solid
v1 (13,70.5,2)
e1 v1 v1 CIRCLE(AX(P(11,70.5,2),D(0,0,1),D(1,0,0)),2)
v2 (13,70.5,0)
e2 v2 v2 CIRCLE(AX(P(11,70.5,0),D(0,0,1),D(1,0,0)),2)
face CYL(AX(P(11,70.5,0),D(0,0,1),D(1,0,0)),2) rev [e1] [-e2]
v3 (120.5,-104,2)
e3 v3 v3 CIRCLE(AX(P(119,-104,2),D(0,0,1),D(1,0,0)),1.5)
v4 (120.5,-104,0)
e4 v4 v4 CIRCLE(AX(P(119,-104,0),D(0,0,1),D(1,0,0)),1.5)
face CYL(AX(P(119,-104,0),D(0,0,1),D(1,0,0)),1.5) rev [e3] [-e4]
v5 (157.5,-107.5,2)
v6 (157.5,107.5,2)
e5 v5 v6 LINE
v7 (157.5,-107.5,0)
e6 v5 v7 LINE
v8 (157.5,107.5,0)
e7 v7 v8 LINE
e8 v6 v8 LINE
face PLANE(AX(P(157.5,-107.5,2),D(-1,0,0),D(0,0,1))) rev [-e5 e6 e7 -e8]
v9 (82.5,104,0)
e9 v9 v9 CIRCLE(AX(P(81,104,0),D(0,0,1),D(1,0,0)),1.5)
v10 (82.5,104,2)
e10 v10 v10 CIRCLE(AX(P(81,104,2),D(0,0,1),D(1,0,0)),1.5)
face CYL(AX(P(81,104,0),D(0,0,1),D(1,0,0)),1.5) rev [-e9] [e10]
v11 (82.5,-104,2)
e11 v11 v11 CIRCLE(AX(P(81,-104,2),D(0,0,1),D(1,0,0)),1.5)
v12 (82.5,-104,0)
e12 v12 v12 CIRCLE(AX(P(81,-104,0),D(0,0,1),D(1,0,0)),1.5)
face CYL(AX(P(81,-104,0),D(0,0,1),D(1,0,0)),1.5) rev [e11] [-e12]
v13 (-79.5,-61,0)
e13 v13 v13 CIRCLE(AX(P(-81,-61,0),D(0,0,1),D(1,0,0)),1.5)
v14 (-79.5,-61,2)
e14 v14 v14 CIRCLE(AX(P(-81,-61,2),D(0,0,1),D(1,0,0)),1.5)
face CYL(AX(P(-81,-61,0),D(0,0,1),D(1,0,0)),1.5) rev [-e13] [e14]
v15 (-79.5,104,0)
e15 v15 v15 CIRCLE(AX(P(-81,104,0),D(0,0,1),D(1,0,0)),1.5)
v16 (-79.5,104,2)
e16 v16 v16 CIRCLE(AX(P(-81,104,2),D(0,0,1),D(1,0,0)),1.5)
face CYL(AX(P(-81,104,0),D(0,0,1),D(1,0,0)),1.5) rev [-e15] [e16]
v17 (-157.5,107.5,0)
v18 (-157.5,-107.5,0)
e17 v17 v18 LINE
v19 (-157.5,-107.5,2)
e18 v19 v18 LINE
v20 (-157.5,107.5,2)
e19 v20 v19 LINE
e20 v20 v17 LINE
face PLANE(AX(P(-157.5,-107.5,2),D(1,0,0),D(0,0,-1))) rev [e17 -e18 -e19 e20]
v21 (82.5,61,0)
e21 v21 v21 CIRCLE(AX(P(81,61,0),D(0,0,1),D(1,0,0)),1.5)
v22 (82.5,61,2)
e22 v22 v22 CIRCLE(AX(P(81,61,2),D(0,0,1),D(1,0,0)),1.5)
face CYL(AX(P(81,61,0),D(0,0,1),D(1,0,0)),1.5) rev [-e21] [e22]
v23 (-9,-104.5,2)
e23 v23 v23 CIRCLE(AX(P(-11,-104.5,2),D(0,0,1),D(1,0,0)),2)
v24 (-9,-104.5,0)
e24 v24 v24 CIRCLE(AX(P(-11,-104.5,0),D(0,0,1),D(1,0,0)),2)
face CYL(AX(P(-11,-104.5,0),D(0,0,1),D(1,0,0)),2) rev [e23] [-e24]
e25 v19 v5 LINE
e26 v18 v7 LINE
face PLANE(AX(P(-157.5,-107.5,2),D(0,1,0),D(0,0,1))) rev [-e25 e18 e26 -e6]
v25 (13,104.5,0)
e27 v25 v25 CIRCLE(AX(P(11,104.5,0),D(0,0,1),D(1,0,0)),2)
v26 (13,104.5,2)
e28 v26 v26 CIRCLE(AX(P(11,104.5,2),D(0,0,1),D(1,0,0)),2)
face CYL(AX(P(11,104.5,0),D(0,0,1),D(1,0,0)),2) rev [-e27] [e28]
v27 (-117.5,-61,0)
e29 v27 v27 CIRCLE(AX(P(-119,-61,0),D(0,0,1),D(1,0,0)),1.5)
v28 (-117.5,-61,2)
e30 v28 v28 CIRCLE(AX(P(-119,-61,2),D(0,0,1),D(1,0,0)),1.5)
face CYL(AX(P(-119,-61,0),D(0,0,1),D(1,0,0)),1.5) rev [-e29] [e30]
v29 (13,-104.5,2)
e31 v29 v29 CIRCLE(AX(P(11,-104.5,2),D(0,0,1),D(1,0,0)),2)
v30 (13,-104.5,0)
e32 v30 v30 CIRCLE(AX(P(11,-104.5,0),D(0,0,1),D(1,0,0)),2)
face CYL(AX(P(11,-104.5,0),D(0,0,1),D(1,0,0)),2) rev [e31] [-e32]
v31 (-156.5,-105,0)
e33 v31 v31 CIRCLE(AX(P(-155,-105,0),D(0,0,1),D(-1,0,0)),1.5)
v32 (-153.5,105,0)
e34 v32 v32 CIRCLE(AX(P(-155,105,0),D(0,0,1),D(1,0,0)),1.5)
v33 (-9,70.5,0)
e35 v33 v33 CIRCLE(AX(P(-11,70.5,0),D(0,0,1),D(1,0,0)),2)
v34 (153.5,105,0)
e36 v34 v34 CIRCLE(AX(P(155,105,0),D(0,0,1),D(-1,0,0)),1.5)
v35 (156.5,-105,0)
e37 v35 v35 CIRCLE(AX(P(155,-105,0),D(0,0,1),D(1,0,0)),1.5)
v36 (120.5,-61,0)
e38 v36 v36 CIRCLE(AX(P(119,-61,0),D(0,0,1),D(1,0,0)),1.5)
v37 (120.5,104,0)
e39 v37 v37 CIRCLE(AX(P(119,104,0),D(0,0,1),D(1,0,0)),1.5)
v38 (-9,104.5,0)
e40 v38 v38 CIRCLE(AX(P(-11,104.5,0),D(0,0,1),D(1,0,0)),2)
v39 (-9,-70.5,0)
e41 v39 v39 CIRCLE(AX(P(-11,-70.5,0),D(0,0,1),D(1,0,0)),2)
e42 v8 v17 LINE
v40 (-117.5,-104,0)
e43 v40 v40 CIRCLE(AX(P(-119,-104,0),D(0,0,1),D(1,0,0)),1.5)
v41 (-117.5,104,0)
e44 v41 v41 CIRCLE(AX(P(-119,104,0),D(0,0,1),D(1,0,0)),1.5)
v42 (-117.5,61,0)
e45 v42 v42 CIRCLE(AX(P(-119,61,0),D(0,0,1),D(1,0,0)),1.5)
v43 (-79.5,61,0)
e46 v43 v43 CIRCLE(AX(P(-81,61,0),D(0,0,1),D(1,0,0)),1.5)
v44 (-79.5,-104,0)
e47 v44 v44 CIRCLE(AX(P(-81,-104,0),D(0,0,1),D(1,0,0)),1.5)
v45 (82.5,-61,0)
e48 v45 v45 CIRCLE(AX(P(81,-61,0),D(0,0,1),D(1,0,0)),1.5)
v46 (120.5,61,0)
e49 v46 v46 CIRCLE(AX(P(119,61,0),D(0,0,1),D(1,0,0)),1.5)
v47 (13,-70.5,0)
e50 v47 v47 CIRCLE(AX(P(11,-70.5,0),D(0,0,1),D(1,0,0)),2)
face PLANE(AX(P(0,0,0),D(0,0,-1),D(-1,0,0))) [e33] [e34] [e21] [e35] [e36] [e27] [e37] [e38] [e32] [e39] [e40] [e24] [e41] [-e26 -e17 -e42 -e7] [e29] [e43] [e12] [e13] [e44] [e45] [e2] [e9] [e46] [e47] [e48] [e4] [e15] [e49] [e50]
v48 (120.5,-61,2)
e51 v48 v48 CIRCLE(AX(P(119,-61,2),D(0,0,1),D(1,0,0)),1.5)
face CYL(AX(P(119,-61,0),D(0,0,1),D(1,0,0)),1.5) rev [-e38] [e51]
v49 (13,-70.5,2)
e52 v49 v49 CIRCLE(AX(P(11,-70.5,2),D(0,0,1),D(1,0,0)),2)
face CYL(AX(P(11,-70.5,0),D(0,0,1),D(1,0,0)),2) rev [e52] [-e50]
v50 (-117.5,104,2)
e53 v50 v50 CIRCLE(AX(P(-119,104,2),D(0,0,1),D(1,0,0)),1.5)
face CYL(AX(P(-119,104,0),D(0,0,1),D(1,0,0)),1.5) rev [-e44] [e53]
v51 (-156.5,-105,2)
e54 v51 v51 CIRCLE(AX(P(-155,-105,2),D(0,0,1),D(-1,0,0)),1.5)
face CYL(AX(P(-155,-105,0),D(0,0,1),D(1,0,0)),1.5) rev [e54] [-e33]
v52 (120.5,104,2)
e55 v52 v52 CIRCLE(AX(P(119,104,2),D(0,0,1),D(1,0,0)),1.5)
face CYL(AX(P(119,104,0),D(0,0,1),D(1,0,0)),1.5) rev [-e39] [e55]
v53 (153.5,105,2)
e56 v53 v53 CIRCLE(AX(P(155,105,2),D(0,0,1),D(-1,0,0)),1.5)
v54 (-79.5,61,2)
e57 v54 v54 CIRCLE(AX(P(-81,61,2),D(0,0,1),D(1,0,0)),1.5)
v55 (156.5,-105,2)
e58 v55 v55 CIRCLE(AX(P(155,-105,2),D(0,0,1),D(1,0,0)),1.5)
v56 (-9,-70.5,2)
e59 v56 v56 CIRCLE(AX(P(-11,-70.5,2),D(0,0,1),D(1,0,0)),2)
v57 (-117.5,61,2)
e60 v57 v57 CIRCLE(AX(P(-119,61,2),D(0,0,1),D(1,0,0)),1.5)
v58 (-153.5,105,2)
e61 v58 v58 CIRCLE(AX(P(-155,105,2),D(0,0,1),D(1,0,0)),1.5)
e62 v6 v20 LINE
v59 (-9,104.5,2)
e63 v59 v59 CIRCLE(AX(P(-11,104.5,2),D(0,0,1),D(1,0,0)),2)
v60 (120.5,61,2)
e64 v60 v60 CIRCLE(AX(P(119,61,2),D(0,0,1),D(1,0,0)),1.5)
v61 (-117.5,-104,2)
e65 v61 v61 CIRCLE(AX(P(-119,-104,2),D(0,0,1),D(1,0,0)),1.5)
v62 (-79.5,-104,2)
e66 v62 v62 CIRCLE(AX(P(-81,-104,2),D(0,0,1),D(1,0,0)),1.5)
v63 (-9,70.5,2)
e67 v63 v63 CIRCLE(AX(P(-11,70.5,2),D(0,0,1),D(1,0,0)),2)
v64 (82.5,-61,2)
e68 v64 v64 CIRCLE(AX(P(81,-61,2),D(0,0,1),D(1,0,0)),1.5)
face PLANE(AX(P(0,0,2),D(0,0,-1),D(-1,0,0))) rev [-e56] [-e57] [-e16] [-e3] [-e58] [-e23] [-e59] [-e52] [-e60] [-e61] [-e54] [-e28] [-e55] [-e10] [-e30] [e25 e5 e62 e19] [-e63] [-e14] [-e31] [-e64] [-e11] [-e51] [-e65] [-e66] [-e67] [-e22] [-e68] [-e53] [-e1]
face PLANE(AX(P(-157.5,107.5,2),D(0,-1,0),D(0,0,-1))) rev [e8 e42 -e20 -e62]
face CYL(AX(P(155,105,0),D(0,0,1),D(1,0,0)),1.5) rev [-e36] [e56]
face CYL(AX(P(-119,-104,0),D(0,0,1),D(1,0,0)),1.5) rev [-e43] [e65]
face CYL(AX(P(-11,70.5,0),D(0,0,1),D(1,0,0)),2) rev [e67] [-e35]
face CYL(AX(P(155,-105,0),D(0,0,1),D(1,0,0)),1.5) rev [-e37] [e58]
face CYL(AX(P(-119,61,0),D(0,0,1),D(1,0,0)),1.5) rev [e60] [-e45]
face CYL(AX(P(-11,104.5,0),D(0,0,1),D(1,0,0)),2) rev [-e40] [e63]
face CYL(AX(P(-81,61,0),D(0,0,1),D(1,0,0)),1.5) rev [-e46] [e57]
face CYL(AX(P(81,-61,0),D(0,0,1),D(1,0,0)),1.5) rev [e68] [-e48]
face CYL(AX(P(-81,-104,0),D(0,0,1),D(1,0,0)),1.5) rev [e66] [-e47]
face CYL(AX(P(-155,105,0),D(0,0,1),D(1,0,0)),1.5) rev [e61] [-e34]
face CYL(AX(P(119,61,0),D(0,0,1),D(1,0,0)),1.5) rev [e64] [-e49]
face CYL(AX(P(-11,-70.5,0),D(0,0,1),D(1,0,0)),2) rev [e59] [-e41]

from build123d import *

# Parameters (mm, degrees)
SKETCH_1_W          = 315
SKETCH_1_H          = 215
EXTRUDE_1_DEPTH     = 2
SKETCH_2_R          = 1.5
CUT_EXTRUDE_1_DEPTH = 2
SKETCH_5_R          = 1.5
CUT_EXTRUDE_2_DEPTH = 2
SKETCH_6_R          = 2
CUT_EXTRUDE_3_DEPTH = 2


with BuildPart() as part:
    # 草图1 → 凸台-拉伸1 (new body)
    with BuildSketch(Plane.XY):
        Rectangle(SKETCH_1_W, SKETCH_1_H)
    extrude(amount=EXTRUDE_1_DEPTH)

    # 草图2 → 切除-拉伸1 (cut)
    with BuildSketch(Plane.XY.offset(2)):
        with Locations((-155, 105)):
            Circle(SKETCH_2_R)
        with Locations(Location((155, 105, 0), (0, 0, 180))):
            Circle(SKETCH_2_R)
        with Locations((155, -105)):
            Circle(SKETCH_2_R)
        with Locations(Location((-155, -105, 0), (0, 0, 180))):
            Circle(SKETCH_2_R)
    extrude(amount=-CUT_EXTRUDE_1_DEPTH, mode=Mode.SUBTRACT)

    # 草图5 → 切除-拉伸2 (cut)
    with BuildSketch(Plane.XY.offset(2)):
        with Locations((-119, 104)):
            Circle(SKETCH_5_R)
        with Locations((-81, 104)):
            Circle(SKETCH_5_R)
        with Locations((-119, 61)):
            Circle(SKETCH_5_R)
        with Locations((-81, 61)):
            Circle(SKETCH_5_R)
        with Locations((81, 104)):
            Circle(SKETCH_5_R)
        with Locations((119, 104)):
            Circle(SKETCH_5_R)
        with Locations((119, 61)):
            Circle(SKETCH_5_R)
        with Locations((81, 61)):
            Circle(SKETCH_5_R)
        with Locations((81, -61)):
            Circle(SKETCH_5_R)
        with Locations((119, -61)):
            Circle(SKETCH_5_R)
        with Locations((119, -104)):
            Circle(SKETCH_5_R)
        with Locations((81, -104)):
            Circle(SKETCH_5_R)
        with Locations((-119, -61)):
            Circle(SKETCH_5_R)
        with Locations((-81, -61)):
            Circle(SKETCH_5_R)
        with Locations((-81, -104)):
            Circle(SKETCH_5_R)
        with Locations((-119, -104)):
            Circle(SKETCH_5_R)
    extrude(amount=-CUT_EXTRUDE_2_DEPTH, mode=Mode.SUBTRACT)

    # 草图6 → 切除-拉伸3 (cut)
    with BuildSketch(Plane.XY.offset(2)):
        with Locations((-11, 104.5)):
            Circle(SKETCH_6_R)
        with Locations((11, 104.5)):
            Circle(SKETCH_6_R)
        with Locations((-11, 70.5)):
            Circle(SKETCH_6_R)
        with Locations((11, 70.5)):
            Circle(SKETCH_6_R)
        with Locations((-11, -70.5)):
            Circle(SKETCH_6_R)
        with Locations((11, -70.5)):
            Circle(SKETCH_6_R)
        with Locations((-11, -104.5)):
            Circle(SKETCH_6_R)
        with Locations((11, -104.5)):
            Circle(SKETCH_6_R)
    extrude(amount=-CUT_EXTRUDE_3_DEPTH, mode=Mode.SUBTRACT)


solid = part.part
